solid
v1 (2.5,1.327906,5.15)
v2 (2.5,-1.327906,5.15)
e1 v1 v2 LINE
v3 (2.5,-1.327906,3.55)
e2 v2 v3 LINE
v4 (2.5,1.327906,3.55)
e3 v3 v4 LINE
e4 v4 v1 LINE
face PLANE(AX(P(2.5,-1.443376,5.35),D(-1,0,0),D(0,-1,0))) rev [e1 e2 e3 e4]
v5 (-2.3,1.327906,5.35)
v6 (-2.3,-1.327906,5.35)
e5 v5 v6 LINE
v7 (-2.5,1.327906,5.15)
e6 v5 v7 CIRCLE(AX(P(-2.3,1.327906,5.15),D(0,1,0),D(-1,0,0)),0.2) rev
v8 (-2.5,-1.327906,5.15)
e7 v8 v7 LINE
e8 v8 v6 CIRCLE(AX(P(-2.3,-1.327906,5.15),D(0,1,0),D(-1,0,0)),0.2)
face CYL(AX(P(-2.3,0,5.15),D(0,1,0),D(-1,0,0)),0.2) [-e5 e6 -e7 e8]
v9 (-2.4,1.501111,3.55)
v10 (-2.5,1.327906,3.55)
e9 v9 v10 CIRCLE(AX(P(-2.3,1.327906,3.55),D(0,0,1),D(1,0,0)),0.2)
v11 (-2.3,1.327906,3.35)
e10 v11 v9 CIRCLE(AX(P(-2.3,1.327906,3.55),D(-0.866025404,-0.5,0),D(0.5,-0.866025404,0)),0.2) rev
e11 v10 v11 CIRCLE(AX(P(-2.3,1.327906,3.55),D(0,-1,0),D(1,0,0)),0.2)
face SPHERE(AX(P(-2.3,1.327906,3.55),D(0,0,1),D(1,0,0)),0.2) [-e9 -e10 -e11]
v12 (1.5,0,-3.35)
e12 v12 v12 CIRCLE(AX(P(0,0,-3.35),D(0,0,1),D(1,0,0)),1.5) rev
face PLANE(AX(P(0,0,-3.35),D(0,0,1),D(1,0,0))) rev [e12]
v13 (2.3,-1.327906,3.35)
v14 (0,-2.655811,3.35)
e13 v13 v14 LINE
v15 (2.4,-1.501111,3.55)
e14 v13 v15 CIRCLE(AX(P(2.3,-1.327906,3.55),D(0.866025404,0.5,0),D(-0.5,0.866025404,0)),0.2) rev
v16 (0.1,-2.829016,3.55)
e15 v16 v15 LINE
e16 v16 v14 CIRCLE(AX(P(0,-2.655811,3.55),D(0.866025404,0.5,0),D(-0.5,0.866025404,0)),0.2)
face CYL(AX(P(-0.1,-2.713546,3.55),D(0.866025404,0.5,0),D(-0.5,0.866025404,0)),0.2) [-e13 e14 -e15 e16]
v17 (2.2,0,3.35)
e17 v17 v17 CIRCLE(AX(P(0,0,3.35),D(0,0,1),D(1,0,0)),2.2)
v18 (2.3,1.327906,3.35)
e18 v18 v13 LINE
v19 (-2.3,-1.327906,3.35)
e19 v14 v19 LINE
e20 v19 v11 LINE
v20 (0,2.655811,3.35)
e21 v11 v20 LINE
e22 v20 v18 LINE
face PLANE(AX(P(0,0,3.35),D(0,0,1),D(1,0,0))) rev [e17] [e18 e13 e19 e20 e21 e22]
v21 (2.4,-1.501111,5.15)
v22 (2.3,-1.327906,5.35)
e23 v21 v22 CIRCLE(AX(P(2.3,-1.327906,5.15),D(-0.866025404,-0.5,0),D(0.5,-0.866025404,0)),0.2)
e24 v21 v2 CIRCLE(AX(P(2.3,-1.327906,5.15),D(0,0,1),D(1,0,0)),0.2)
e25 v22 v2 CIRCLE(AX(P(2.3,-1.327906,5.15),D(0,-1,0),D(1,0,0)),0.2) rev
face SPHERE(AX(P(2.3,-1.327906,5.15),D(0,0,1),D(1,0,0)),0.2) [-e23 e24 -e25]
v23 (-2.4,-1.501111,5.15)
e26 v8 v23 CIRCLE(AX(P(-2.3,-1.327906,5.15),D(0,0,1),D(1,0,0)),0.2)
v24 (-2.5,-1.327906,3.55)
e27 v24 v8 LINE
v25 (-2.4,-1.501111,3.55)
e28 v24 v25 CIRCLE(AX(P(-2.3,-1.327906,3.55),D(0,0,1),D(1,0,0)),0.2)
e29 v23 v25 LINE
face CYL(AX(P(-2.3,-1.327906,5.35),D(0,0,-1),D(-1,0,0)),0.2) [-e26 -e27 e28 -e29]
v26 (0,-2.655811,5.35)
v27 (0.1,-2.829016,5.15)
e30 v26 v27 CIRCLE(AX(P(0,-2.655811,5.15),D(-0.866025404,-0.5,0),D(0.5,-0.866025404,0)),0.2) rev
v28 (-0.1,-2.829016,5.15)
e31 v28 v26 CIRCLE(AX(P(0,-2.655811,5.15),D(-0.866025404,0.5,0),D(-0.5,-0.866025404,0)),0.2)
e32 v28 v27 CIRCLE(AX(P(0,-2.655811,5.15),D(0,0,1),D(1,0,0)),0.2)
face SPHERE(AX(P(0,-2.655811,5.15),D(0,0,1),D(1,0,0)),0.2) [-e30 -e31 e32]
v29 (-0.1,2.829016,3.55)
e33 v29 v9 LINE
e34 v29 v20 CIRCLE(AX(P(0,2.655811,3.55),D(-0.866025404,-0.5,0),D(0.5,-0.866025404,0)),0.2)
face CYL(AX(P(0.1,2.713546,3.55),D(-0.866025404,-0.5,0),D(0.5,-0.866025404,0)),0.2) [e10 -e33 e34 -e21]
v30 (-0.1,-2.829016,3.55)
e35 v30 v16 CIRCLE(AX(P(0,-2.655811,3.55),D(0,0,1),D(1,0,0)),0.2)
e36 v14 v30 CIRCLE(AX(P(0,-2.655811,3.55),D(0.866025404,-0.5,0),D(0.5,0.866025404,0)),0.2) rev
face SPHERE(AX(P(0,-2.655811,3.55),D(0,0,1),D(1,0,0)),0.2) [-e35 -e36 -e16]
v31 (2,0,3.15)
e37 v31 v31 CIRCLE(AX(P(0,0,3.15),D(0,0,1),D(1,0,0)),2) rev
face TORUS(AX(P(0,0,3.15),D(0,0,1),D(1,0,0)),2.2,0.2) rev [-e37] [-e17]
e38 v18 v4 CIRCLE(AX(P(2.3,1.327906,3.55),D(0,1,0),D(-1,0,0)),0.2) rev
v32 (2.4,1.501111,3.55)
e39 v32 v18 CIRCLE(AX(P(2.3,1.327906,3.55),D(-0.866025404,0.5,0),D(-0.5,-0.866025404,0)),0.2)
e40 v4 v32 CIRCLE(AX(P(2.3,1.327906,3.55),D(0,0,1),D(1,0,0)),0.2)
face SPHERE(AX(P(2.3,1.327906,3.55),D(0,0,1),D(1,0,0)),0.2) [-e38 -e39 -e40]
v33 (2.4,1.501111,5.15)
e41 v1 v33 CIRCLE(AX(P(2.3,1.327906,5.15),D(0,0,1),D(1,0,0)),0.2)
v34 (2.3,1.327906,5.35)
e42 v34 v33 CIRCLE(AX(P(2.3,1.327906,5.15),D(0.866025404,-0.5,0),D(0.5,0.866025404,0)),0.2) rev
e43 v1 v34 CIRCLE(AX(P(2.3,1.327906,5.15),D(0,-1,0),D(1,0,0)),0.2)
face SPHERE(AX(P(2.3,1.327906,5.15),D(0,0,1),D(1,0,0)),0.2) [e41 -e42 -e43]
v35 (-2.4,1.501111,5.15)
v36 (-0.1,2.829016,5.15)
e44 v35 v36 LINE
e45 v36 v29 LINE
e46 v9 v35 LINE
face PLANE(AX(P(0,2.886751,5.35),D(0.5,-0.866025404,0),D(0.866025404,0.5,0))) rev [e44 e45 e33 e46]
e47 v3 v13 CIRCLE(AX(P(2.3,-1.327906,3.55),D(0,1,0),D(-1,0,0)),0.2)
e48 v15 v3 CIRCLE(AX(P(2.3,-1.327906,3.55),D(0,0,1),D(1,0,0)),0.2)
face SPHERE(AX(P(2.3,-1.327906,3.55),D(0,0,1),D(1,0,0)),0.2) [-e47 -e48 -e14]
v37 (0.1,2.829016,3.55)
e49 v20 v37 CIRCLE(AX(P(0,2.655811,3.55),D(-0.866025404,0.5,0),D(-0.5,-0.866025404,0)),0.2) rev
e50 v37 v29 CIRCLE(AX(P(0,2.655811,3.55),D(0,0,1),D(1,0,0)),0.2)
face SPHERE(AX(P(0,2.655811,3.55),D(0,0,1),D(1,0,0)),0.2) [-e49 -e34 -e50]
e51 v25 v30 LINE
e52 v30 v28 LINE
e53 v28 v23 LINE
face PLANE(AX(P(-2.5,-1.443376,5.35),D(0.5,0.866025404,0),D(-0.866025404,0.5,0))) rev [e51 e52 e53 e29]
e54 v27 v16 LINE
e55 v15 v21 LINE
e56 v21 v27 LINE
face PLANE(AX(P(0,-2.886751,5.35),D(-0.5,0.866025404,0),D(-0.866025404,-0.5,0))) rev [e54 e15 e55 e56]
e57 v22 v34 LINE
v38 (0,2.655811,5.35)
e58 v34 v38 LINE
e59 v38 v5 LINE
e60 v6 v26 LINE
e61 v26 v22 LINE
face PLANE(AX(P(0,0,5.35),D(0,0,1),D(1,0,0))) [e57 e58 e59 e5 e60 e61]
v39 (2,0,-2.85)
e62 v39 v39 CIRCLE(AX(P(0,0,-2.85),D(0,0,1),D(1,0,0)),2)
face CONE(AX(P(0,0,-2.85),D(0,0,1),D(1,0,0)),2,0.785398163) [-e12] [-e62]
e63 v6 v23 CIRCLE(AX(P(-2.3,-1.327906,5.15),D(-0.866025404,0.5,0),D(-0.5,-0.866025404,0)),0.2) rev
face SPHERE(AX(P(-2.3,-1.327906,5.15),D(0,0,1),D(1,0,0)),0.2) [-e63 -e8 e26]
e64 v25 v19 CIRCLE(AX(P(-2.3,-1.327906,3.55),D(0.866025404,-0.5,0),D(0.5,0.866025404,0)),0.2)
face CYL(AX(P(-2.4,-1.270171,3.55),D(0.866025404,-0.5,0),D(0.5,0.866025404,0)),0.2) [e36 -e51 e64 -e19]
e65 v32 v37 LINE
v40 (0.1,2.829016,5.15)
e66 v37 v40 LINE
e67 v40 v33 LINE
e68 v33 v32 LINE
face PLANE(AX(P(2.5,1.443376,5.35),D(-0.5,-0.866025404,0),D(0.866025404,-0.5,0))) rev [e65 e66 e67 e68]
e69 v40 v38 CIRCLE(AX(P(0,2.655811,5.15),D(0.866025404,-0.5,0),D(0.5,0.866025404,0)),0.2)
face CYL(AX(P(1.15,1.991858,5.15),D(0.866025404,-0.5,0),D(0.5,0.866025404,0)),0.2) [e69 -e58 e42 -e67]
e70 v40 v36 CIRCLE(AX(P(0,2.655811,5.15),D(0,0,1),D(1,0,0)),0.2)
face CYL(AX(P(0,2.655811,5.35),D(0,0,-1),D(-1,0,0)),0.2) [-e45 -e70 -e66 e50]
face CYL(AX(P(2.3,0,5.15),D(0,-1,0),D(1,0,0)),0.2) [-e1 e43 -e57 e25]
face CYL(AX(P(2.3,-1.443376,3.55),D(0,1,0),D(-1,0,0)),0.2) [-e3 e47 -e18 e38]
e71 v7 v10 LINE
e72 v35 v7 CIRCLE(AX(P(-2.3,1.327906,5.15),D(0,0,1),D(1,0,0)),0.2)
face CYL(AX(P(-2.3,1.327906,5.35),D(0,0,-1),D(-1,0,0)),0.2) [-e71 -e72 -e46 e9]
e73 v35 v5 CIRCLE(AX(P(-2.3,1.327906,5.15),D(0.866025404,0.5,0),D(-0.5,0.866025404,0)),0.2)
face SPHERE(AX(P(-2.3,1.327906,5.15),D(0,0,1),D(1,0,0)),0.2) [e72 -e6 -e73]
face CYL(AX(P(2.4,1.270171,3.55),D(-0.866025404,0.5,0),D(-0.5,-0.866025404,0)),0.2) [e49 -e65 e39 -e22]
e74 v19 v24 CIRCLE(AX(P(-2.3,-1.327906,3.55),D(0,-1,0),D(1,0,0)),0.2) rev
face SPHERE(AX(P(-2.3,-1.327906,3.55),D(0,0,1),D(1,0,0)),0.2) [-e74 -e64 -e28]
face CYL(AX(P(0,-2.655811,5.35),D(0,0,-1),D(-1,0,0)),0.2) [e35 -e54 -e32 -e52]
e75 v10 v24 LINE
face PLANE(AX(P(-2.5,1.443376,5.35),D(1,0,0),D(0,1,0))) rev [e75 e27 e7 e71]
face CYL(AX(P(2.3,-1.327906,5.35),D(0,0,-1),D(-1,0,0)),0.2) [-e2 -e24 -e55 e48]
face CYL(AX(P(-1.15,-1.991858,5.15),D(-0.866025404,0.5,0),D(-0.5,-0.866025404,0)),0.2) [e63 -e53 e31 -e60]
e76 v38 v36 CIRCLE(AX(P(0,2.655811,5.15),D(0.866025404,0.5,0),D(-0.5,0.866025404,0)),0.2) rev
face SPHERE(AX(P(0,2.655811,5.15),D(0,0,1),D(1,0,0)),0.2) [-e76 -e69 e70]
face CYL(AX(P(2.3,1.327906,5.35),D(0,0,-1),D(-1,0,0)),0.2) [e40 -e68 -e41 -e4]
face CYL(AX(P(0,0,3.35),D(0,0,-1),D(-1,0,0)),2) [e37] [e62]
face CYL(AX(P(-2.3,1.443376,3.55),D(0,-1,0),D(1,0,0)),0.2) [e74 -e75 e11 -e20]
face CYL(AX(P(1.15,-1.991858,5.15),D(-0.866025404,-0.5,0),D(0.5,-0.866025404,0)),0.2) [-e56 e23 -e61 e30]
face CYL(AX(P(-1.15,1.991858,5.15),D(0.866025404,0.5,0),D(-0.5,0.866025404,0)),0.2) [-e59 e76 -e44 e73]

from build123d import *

# Parameters (mm, degrees)
SKETCH1_R           = 2
BOSS_EXTRUDE1_DEPTH = 3.35
BOSS_EXTRUDE2_DEPTH = 2
FILLET1_R           = 0.2
FILLET2_R           = 0.2
CHAMFER1_SIZE       = 0.5


with BuildPart() as part:
    # Sketch1 → Boss-Extrude1 (new body, symmetric)
    with BuildSketch(Plane.XY):
        Circle(SKETCH1_R)
    extrude(amount=BOSS_EXTRUDE1_DEPTH, both=True)

    # Sketch2 → Boss-Extrude2 (add)
    with BuildSketch(Plane.XY.offset(3.35)):
        Polygon((0, -2.886751346), (2.5, -1.443375673), (2.5, 1.443375673), (0, 2.886751346), (-2.5, 1.443375673), (-2.5, -1.443375673), align=None)
    extrude(amount=BOSS_EXTRUDE2_DEPTH)

    # Fillet1
    fillet1_edges = [part.edges().sort_by_distance(p)[0] for p in [
        (-2, 0, 3.35),
        (-1.25, -2.165063509, 3.35),
        (1.25, -2.165063509, 3.35),
        (2.5, 0, 3.35),
        (1.25, 2.165063509, 3.35),
        (-1.25, 2.165063509, 3.35),
        (-2.5, 0, 3.35),
        (-1.25, -2.165063509, 5.35),
        (1.25, -2.165063509, 5.35),
        (2.5, 0, 5.35),
        (1.25, 2.165063509, 5.35),
        (-1.25, 2.165063509, 5.35),
        (-2.5, 0, 5.35),
    ]]
    fillet(fillet1_edges, radius=FILLET1_R)

    # Fillet2
    fillet2_edges = [part.edges().sort_by_distance(p)[0] for p in [
        (-2.5, -1.443375673, 4.35),
        (-2.5, 1.443375673, 4.35),
        (0, 2.886751346, 4.35),
        (2.5, 1.443375673, 4.35),
        (2.5, -1.443375673, 4.35),
        (0, -2.886751346, 4.35),
        (2.436285816, 1.406590271, 5.29637683),
        (2.436285816, -1.406590271, 5.29637683),
        (0, 2.813180543, 5.29637683),
        (0, -2.813180543, 5.29637683),
        (-2.436285816, 1.406590271, 5.29637683),
        (-2.436285816, -1.406590271, 5.29637683),
        (-2.436285816, 1.406590271, 3.40362317),
        (0, 2.813180543, 3.40362317),
        (-2.436285816, -1.406590271, 3.40362317),
        (2.436285816, 1.406590271, 3.40362317),
        (0, -2.813180543, 3.40362317),
        (2.436285816, -1.406590271, 3.40362317),
    ]]
    fillet(fillet2_edges, radius=FILLET2_R)

    # Chamfer1
    chamfer1_edges = [part.edges().sort_by_distance(p)[0] for p in [
        (-2, 0, -3.35),
    ]]
    chamfer(chamfer1_edges, length=CHAMFER1_SIZE)


solid = part.part
